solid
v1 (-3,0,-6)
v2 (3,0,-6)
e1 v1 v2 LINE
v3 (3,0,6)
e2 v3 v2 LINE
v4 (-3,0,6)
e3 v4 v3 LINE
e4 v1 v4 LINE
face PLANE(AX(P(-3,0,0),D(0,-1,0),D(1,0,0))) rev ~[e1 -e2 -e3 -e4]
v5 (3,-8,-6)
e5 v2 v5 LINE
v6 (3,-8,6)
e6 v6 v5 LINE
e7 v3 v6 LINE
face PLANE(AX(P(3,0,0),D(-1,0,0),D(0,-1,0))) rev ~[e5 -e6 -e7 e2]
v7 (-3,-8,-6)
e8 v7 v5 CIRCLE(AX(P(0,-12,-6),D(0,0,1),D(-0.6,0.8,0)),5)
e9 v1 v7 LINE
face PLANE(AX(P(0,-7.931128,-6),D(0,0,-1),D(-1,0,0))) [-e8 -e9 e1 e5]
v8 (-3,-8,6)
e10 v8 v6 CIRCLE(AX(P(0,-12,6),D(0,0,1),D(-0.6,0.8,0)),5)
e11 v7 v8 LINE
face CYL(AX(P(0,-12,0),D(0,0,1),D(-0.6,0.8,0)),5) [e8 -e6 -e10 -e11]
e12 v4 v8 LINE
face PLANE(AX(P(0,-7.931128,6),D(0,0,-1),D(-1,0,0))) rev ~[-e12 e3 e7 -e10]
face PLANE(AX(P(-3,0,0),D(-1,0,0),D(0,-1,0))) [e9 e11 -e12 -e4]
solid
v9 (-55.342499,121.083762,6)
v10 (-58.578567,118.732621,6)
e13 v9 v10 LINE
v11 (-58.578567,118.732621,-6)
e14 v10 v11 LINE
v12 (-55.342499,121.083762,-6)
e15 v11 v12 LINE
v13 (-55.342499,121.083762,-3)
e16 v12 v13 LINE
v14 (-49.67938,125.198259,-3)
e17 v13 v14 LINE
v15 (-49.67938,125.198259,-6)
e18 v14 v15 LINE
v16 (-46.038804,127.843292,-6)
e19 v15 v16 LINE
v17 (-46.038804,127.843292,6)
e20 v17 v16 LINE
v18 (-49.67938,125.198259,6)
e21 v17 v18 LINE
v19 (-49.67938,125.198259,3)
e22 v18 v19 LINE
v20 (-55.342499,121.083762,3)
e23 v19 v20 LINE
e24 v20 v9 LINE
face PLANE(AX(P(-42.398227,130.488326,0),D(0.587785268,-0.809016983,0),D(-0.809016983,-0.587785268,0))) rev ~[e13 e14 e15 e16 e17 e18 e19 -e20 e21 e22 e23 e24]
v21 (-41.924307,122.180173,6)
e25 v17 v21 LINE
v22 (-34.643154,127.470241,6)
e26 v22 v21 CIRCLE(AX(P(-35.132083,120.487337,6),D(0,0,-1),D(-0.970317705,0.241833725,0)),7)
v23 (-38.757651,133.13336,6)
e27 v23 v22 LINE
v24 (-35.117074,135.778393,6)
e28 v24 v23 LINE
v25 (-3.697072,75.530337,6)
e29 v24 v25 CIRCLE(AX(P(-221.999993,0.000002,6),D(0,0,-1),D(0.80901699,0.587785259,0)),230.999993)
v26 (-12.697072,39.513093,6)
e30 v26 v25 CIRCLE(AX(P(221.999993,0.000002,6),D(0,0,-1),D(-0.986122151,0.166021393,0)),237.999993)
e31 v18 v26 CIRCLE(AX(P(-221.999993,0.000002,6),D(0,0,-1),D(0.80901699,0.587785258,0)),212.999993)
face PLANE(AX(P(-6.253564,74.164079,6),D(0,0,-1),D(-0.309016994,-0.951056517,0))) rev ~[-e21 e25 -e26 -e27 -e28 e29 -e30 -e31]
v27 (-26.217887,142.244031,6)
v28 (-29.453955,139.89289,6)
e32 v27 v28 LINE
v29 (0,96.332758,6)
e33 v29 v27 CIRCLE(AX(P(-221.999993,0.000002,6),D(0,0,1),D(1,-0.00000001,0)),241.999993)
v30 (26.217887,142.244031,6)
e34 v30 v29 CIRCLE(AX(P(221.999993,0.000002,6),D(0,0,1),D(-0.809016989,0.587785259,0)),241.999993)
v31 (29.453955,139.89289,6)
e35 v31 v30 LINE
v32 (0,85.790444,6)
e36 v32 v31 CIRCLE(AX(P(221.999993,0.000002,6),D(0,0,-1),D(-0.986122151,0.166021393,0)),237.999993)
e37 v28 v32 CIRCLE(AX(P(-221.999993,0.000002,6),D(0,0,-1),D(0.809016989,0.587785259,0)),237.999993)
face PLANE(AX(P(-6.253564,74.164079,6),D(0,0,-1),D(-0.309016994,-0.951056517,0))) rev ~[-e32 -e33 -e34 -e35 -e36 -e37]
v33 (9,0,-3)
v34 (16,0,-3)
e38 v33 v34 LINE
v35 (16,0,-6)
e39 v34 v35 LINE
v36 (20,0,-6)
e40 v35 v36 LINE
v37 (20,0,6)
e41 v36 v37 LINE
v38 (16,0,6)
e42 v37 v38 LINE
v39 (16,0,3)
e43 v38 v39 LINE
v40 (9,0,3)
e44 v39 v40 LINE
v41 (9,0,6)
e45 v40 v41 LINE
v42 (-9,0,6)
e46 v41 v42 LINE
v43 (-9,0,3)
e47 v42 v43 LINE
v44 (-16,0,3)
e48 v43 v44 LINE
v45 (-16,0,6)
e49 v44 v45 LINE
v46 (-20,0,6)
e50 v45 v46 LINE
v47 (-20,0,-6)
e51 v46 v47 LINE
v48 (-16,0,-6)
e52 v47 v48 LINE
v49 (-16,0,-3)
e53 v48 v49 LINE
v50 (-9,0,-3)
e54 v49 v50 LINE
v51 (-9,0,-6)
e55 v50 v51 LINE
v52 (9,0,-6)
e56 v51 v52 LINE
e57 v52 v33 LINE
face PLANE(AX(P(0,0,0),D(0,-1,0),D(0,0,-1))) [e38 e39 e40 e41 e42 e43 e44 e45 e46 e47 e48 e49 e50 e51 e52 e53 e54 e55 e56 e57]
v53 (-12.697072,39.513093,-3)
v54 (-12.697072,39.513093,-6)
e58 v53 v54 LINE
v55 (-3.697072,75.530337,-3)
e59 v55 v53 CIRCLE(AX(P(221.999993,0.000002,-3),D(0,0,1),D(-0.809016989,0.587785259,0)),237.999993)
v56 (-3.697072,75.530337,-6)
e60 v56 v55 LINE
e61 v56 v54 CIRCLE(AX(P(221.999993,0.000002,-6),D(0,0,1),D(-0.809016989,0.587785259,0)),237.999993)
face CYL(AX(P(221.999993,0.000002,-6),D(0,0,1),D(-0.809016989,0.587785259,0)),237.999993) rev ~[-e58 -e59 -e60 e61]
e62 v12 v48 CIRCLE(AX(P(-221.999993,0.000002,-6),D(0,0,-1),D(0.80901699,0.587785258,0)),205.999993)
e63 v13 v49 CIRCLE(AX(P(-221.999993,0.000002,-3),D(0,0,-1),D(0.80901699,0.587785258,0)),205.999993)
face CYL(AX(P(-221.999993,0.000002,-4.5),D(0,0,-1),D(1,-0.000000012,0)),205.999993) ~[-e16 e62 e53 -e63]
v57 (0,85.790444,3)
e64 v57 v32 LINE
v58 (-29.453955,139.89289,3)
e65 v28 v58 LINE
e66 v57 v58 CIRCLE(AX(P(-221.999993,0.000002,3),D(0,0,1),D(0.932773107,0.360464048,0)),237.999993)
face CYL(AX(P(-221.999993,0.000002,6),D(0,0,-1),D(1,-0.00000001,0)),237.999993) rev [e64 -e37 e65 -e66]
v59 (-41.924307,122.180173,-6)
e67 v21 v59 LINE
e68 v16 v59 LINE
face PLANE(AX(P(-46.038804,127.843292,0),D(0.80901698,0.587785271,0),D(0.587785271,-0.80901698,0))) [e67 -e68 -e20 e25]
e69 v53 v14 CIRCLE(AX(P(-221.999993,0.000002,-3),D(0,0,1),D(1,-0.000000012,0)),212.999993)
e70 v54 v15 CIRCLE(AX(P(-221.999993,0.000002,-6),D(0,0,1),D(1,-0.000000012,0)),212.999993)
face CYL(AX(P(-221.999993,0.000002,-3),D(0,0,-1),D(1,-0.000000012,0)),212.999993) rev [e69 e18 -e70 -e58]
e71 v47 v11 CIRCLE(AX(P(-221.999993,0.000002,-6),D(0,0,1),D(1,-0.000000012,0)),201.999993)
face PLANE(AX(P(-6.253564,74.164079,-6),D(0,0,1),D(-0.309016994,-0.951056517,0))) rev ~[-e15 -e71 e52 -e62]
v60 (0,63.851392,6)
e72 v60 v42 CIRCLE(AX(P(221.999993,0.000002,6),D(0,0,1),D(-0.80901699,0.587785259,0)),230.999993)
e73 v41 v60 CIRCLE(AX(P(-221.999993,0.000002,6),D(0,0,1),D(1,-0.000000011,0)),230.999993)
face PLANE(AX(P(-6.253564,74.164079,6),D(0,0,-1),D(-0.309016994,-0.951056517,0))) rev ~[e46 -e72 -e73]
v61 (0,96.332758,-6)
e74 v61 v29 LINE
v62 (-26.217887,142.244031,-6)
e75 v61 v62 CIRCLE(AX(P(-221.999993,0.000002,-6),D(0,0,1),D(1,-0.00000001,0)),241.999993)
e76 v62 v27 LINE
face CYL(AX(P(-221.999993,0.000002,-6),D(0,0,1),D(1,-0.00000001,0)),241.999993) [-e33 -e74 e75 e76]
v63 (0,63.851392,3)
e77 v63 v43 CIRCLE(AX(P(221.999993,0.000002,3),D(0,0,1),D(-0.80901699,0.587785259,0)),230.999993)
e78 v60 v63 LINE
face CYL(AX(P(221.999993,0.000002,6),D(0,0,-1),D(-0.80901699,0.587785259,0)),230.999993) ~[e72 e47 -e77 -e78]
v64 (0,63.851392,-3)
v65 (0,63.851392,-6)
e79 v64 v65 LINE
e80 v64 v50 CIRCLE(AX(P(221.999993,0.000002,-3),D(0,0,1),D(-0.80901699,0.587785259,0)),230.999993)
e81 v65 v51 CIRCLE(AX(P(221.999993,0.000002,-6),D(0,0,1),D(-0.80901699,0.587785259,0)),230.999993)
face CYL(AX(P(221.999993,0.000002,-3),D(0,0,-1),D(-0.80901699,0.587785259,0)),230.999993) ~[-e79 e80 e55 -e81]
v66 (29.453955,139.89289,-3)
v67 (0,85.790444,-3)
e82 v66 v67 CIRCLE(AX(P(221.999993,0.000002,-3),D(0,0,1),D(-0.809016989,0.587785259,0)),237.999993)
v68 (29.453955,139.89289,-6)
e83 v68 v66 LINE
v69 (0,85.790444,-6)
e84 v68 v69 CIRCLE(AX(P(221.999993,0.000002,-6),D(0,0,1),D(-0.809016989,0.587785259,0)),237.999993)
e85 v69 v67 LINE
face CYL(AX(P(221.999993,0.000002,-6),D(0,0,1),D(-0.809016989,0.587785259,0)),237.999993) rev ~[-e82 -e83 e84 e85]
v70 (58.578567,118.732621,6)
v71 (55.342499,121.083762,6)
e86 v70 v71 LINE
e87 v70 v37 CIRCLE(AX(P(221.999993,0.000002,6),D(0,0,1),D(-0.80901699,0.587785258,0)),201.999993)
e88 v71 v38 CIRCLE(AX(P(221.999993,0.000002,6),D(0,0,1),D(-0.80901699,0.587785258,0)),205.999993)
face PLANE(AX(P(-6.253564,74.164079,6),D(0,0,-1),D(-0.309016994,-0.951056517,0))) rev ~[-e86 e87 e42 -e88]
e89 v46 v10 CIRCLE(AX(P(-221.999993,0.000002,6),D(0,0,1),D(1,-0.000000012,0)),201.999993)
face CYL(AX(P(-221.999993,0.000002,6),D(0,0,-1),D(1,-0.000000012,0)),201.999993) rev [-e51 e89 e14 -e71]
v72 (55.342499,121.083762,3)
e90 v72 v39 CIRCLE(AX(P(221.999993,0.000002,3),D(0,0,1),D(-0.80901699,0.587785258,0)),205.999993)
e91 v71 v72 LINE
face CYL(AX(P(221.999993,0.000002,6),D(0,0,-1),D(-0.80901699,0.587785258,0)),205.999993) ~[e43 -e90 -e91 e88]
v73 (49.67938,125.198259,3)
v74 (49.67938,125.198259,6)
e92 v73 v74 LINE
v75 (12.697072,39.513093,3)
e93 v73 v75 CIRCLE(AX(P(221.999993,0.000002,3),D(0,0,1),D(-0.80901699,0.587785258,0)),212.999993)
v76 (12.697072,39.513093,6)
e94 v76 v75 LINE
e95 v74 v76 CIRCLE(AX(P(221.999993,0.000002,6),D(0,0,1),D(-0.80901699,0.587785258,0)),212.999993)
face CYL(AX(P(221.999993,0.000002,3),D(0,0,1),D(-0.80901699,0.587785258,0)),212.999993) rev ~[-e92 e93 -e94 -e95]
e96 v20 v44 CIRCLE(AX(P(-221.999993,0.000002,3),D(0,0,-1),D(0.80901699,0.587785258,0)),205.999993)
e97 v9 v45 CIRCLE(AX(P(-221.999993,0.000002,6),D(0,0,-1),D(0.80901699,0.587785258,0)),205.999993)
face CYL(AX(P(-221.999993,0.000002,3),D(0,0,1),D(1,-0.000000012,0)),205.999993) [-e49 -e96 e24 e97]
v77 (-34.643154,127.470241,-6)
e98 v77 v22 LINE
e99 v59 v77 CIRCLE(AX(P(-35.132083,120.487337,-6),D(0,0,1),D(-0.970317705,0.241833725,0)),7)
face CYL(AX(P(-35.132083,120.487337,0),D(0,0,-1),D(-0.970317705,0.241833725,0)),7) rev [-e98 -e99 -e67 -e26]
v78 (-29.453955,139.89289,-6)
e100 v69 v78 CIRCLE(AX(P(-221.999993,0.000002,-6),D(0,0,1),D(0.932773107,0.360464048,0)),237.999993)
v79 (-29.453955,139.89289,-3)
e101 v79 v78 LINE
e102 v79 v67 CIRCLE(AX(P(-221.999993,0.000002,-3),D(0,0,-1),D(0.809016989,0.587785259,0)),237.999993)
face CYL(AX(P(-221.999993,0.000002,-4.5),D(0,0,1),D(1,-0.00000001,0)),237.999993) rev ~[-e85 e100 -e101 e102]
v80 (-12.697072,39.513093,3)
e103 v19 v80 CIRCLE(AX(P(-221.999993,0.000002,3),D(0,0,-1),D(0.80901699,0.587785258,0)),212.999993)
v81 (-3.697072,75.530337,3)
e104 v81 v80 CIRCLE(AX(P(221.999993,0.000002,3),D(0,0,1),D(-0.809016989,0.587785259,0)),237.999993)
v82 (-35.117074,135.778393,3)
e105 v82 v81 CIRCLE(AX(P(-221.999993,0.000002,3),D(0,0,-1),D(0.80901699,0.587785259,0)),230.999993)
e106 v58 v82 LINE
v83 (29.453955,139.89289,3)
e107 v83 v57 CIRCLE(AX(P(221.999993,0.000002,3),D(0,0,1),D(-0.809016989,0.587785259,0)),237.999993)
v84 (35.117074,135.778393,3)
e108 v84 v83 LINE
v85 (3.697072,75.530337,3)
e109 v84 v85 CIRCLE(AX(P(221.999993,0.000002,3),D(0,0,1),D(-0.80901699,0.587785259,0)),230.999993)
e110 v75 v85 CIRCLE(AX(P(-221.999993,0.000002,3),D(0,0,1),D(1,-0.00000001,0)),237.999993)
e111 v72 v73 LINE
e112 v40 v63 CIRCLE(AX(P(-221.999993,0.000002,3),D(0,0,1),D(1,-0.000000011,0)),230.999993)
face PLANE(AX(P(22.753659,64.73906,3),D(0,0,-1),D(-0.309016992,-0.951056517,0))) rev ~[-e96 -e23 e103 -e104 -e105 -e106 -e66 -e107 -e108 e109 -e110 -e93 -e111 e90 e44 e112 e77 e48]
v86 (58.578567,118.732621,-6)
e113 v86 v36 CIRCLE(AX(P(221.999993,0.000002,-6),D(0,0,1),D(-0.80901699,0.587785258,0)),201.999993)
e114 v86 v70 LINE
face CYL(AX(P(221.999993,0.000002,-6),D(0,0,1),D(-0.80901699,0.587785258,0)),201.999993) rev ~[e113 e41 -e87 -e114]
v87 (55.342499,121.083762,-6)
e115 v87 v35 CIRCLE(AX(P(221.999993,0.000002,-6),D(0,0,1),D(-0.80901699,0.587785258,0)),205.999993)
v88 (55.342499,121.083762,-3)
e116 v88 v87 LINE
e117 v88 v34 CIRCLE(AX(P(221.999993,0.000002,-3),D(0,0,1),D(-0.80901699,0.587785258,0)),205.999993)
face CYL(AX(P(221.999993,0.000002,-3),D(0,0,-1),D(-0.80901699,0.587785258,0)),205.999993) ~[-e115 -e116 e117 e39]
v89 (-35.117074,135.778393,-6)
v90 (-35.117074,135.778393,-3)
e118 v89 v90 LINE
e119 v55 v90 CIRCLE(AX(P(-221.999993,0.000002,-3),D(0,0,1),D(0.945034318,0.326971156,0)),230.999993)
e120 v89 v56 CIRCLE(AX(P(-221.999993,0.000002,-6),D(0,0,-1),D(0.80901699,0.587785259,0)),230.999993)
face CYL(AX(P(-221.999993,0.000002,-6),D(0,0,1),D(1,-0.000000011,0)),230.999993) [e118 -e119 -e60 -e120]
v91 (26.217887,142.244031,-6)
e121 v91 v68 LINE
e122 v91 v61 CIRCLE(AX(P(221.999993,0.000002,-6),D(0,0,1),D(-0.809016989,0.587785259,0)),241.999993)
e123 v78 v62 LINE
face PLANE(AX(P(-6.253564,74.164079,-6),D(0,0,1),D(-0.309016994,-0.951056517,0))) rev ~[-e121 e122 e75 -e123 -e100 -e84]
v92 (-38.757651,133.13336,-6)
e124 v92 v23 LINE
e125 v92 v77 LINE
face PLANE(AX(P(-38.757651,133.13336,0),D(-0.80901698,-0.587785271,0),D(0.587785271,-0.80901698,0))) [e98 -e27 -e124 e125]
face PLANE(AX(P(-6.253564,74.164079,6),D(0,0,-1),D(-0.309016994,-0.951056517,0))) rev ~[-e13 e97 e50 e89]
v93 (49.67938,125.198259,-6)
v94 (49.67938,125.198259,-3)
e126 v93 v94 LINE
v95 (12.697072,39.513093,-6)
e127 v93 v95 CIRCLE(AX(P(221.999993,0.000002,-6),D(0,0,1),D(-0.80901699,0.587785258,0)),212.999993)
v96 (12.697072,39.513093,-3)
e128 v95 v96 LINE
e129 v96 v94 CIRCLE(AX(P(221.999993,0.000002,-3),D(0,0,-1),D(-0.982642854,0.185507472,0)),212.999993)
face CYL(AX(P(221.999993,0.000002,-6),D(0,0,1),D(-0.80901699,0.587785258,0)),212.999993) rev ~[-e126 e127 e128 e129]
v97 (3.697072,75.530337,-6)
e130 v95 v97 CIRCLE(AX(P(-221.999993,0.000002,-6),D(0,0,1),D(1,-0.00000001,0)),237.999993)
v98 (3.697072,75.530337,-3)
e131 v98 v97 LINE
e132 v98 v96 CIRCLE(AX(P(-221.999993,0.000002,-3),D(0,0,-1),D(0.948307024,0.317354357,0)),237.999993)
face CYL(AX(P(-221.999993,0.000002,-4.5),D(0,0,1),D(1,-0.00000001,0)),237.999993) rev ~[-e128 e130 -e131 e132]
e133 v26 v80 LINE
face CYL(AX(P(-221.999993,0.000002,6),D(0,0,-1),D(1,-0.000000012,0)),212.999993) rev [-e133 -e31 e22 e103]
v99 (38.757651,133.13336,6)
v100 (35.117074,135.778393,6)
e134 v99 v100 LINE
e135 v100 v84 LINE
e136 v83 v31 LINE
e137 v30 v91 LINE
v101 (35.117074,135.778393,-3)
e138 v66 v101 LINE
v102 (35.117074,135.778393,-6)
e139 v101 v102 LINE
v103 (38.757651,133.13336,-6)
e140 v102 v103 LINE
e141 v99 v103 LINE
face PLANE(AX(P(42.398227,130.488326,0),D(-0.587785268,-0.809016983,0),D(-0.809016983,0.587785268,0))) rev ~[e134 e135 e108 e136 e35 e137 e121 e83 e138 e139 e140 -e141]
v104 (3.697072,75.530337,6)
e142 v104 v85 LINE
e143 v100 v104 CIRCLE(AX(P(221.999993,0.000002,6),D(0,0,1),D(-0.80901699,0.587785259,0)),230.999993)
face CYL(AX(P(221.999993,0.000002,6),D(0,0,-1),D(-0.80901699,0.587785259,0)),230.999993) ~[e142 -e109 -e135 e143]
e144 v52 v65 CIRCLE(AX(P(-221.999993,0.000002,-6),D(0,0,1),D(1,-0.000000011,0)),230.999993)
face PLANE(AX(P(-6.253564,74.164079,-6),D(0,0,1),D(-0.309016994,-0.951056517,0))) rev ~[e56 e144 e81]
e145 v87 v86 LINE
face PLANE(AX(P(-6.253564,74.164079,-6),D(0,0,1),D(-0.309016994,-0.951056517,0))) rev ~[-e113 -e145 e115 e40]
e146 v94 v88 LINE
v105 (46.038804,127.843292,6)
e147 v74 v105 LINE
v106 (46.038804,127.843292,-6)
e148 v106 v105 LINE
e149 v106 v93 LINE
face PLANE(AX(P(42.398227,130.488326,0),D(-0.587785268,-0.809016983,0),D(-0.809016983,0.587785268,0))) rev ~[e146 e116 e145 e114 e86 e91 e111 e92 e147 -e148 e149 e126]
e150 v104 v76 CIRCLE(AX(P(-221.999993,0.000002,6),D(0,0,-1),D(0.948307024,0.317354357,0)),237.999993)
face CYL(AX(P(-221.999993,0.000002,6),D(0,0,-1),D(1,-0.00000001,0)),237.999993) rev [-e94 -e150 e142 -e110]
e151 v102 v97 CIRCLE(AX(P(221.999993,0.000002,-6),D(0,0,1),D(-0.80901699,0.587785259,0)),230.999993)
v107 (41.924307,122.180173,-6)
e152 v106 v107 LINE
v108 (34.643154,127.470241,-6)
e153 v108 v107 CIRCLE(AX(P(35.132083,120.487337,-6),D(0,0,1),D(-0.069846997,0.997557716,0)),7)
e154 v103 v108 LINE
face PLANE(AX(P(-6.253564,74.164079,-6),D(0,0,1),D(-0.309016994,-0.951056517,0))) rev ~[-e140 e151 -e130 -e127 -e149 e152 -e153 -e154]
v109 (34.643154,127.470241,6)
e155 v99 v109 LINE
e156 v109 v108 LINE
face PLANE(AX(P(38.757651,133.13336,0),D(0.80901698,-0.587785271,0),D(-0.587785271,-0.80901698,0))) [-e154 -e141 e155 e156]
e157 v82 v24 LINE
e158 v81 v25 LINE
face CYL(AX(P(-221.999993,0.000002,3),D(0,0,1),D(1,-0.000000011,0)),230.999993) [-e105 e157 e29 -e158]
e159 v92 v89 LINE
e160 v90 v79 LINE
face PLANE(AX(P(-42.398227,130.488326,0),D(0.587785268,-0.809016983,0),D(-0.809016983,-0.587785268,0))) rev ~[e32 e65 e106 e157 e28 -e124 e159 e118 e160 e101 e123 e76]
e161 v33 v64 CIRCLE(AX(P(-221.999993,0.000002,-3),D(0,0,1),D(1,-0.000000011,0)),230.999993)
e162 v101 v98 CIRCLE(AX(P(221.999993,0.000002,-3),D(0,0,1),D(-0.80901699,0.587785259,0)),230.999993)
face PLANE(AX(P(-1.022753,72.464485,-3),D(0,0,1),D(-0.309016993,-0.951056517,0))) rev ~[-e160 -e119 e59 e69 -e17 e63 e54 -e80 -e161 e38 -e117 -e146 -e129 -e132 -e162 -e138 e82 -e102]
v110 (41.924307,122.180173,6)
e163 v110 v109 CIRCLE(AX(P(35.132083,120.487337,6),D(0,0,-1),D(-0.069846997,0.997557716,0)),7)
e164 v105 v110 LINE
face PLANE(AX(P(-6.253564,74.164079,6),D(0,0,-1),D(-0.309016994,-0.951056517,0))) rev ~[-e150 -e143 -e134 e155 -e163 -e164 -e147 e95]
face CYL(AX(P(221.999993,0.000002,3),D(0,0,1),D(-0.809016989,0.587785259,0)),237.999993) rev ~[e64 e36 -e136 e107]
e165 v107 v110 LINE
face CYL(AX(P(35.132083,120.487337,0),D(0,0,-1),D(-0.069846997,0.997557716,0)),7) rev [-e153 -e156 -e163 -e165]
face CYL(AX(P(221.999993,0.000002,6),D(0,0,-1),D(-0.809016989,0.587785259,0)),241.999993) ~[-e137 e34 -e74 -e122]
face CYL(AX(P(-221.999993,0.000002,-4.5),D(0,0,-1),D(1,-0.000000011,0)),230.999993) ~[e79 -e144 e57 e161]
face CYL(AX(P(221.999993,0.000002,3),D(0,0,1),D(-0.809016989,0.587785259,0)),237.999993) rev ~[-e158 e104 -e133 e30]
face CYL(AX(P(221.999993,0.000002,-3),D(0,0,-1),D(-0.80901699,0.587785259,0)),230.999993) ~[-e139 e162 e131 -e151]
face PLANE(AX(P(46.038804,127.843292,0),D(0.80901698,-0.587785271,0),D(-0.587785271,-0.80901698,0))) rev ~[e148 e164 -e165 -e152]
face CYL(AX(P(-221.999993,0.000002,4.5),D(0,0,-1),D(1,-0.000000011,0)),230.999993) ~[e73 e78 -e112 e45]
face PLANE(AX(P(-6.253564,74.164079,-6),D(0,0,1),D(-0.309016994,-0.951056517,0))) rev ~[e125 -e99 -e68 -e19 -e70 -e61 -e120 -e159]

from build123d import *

# Parameters (mm, degrees)
SKETCH003_W          = 7
SKETCH003_H          = 3
SKETCH004_W          = 7
SKETCH004_H          = 3
SKETCH005_W          = 7
SKETCH005_H          = 3
SKETCH006_W          = 7
SKETCH006_H          = 3
POCKET_DEPTH         = 6.001
POCKET_DEPTH_BACK    = -6.001
POCKET001_DEPTH      = 6.001
POCKET001_DEPTH_BACK = -6.001
PAD_DEPTH            = 6


with BuildPart() as main:
    # AdditivePipe: sweep along a path in Sketch
    with BuildLine(Plane.XY) as additivepipe_path:
        ThreePointArc((0, 0), (-10.865453, 68.601773), (-42.398227, 130.488326))
    # Sketch002 → AdditivePipe (sweep)
    with BuildSketch(Plane.XZ):
        Polygon((-20, 6), (-20, -6), (-16, -6), (-16, -3), (-9, -3), (-9, -6), (9, -6), (9, -3), (16, -3), (16, -6), (20, -6), (20, 6), (16, 6), (16, 3), (9, 3), (9, 6), (-9, 6), (-9, 3), (-16, 3), (-16, 6), align=None)
    sweep(path=additivepipe_path.line)

    # AdditivePipe001: sweep along a path in Sketch001
    with BuildLine(Plane.XY) as additivepipe001_path:
        ThreePointArc((42.398227, 130.488326), (10.865453, 68.601773), (0, 0))
    # Sketch002 → AdditivePipe001 (sweep)
    with BuildSketch(Plane.XZ):
        Polygon((-20, 6), (-20, -6), (-16, -6), (-16, -3), (-9, -3), (-9, -6), (9, -6), (9, -3), (16, -3), (16, -6), (20, -6), (20, 6), (16, 6), (16, 3), (9, 3), (9, 6), (-9, 6), (-9, 3), (-16, 3), (-16, 6), align=None)
    sweep(path=additivepipe001_path.line)

    # SubtractivePipe: sweep along a path in Sketch
    with BuildLine(Plane.XY) as subtractivepipe_path:
        ThreePointArc((0, 0), (-10.865453, 68.601773), (-42.398227, 130.488326))
    # Sketch003 → SubtractivePipe (sweep, cut)
    with BuildSketch(Plane.XZ):
        with Locations((-12.5, 4.5)):
            Rectangle(SKETCH003_W, SKETCH003_H)
    sweep(path=subtractivepipe_path.line, mode=Mode.SUBTRACT)

    # SubtractivePipe001: sweep along a path in Sketch001
    with BuildLine(Plane.XY) as subtractivepipe001_path:
        ThreePointArc((42.398227, 130.488326), (10.865453, 68.601773), (0, 0))
    # Sketch003 → SubtractivePipe001 (sweep, cut)
    with BuildSketch(Plane.XZ):
        with Locations((-12.5, 4.5)):
            Rectangle(SKETCH003_W, SKETCH003_H)
    sweep(path=subtractivepipe001_path.line, mode=Mode.SUBTRACT)

    # SubtractivePipe002: sweep along a path in Sketch
    with BuildLine(Plane.XY) as subtractivepipe002_path:
        ThreePointArc((0, 0), (-10.865453, 68.601773), (-42.398227, 130.488326))
    # Sketch004 → SubtractivePipe002 (sweep, cut)
    with BuildSketch(Plane.XZ):
        with Locations((12.5, 4.5)):
            Rectangle(SKETCH004_W, SKETCH004_H)
    sweep(path=subtractivepipe002_path.line, mode=Mode.SUBTRACT)

    # SubtractivePipe003: sweep along a path in Sketch001
    with BuildLine(Plane.XY) as subtractivepipe003_path:
        ThreePointArc((42.398227, 130.488326), (10.865453, 68.601773), (0, 0))
    # Sketch004 → SubtractivePipe003 (sweep, cut)
    with BuildSketch(Plane.XZ):
        with Locations((12.5, 4.5)):
            Rectangle(SKETCH004_W, SKETCH004_H)
    sweep(path=subtractivepipe003_path.line, mode=Mode.SUBTRACT)

    # SubtractivePipe004: sweep along a path in Sketch
    with BuildLine(Plane.XY) as subtractivepipe004_path:
        ThreePointArc((0, 0), (-10.865453, 68.601773), (-42.398227, 130.488326))
    # Sketch005 → SubtractivePipe004 (sweep, cut)
    with BuildSketch(Plane.XZ):
        with Locations((-12.5, -4.5)):
            Rectangle(SKETCH005_W, SKETCH005_H)
    sweep(path=subtractivepipe004_path.line, mode=Mode.SUBTRACT)

    # SubtractivePipe005: sweep along a path in Sketch001
    with BuildLine(Plane.XY) as subtractivepipe005_path:
        ThreePointArc((42.398227, 130.488326), (10.865453, 68.601773), (0, 0))
    # Sketch005 → SubtractivePipe005 (sweep, cut)
    with BuildSketch(Plane.XZ):
        with Locations((-12.5, -4.5)):
            Rectangle(SKETCH005_W, SKETCH005_H)
    sweep(path=subtractivepipe005_path.line, mode=Mode.SUBTRACT)

    # SubtractivePipe006: sweep along a path in Sketch
    with BuildLine(Plane.XY) as subtractivepipe006_path:
        ThreePointArc((0, 0), (-10.865453, 68.601773), (-42.398227, 130.488326))
    # Sketch006 → SubtractivePipe006 (sweep, cut)
    with BuildSketch(Plane.XZ):
        with Locations((12.5, -4.5)):
            Rectangle(SKETCH006_W, SKETCH006_H)
    sweep(path=subtractivepipe006_path.line, mode=Mode.SUBTRACT)

    # SubtractivePipe007: sweep along a path in Sketch001
    with BuildLine(Plane.XY) as subtractivepipe007_path:
        ThreePointArc((42.398227, 130.488326), (10.865453, 68.601773), (0, 0))
    # Sketch006 → SubtractivePipe007 (sweep, cut)
    with BuildSketch(Plane.XZ):
        with Locations((12.5, -4.5)):
            Rectangle(SKETCH006_W, SKETCH006_H)
    sweep(path=subtractivepipe007_path.line, mode=Mode.SUBTRACT)

    # Sketch008 → Pocket (cut, two sides)
    with BuildSketch(Plane.XY) as pocket_sk:
        with BuildLine():
            Line((-46.038804, 127.843292), (-38.757651, 133.13336))
            Line((-38.757651, 133.13336), (-34.643154, 127.470241))
            ThreePointArc((-41.924307, 122.180173), (-31.017586, 114.824218), (-34.643154, 127.470241))
            Line((-46.038804, 127.843292), (-41.924307, 122.180173))
        make_face()
    extrude(amount=-POCKET_DEPTH, mode=Mode.SUBTRACT)
    extrude(pocket_sk.sketch, amount=-POCKET_DEPTH_BACK, mode=Mode.SUBTRACT)

    # Sketch009 → Pocket001 (cut, two sides)
    with BuildSketch(Plane.XY) as pocket001_sk:
        with BuildLine():
            Line((38.757651, 133.13336), (46.038804, 127.843292))
            Line((46.038804, 127.843292), (41.924307, 122.180173))
            ThreePointArc((34.643154, 127.470241), (31.017586, 114.824218), (41.924307, 122.180173))
            Line((38.757651, 133.13336), (34.643154, 127.470241))
        make_face()
    extrude(amount=-POCKET001_DEPTH, mode=Mode.SUBTRACT)
    extrude(pocket001_sk.sketch, amount=-POCKET001_DEPTH_BACK, mode=Mode.SUBTRACT)


with BuildPart() as male1:
    # Sketch010 → Pad (new body, symmetric)
    with BuildSketch(Plane.XY):
        with BuildLine():
            Line((-3, 0), (3, 0))
            Line((3, 0), (3, -8))
            ThreePointArc((-3, -8), (0, -17), (3, -8))
            Line((-3, 0), (-3, -8))
        make_face()
    extrude(amount=PAD_DEPTH, both=True)


solid = Compound([main.part, male1.part])
